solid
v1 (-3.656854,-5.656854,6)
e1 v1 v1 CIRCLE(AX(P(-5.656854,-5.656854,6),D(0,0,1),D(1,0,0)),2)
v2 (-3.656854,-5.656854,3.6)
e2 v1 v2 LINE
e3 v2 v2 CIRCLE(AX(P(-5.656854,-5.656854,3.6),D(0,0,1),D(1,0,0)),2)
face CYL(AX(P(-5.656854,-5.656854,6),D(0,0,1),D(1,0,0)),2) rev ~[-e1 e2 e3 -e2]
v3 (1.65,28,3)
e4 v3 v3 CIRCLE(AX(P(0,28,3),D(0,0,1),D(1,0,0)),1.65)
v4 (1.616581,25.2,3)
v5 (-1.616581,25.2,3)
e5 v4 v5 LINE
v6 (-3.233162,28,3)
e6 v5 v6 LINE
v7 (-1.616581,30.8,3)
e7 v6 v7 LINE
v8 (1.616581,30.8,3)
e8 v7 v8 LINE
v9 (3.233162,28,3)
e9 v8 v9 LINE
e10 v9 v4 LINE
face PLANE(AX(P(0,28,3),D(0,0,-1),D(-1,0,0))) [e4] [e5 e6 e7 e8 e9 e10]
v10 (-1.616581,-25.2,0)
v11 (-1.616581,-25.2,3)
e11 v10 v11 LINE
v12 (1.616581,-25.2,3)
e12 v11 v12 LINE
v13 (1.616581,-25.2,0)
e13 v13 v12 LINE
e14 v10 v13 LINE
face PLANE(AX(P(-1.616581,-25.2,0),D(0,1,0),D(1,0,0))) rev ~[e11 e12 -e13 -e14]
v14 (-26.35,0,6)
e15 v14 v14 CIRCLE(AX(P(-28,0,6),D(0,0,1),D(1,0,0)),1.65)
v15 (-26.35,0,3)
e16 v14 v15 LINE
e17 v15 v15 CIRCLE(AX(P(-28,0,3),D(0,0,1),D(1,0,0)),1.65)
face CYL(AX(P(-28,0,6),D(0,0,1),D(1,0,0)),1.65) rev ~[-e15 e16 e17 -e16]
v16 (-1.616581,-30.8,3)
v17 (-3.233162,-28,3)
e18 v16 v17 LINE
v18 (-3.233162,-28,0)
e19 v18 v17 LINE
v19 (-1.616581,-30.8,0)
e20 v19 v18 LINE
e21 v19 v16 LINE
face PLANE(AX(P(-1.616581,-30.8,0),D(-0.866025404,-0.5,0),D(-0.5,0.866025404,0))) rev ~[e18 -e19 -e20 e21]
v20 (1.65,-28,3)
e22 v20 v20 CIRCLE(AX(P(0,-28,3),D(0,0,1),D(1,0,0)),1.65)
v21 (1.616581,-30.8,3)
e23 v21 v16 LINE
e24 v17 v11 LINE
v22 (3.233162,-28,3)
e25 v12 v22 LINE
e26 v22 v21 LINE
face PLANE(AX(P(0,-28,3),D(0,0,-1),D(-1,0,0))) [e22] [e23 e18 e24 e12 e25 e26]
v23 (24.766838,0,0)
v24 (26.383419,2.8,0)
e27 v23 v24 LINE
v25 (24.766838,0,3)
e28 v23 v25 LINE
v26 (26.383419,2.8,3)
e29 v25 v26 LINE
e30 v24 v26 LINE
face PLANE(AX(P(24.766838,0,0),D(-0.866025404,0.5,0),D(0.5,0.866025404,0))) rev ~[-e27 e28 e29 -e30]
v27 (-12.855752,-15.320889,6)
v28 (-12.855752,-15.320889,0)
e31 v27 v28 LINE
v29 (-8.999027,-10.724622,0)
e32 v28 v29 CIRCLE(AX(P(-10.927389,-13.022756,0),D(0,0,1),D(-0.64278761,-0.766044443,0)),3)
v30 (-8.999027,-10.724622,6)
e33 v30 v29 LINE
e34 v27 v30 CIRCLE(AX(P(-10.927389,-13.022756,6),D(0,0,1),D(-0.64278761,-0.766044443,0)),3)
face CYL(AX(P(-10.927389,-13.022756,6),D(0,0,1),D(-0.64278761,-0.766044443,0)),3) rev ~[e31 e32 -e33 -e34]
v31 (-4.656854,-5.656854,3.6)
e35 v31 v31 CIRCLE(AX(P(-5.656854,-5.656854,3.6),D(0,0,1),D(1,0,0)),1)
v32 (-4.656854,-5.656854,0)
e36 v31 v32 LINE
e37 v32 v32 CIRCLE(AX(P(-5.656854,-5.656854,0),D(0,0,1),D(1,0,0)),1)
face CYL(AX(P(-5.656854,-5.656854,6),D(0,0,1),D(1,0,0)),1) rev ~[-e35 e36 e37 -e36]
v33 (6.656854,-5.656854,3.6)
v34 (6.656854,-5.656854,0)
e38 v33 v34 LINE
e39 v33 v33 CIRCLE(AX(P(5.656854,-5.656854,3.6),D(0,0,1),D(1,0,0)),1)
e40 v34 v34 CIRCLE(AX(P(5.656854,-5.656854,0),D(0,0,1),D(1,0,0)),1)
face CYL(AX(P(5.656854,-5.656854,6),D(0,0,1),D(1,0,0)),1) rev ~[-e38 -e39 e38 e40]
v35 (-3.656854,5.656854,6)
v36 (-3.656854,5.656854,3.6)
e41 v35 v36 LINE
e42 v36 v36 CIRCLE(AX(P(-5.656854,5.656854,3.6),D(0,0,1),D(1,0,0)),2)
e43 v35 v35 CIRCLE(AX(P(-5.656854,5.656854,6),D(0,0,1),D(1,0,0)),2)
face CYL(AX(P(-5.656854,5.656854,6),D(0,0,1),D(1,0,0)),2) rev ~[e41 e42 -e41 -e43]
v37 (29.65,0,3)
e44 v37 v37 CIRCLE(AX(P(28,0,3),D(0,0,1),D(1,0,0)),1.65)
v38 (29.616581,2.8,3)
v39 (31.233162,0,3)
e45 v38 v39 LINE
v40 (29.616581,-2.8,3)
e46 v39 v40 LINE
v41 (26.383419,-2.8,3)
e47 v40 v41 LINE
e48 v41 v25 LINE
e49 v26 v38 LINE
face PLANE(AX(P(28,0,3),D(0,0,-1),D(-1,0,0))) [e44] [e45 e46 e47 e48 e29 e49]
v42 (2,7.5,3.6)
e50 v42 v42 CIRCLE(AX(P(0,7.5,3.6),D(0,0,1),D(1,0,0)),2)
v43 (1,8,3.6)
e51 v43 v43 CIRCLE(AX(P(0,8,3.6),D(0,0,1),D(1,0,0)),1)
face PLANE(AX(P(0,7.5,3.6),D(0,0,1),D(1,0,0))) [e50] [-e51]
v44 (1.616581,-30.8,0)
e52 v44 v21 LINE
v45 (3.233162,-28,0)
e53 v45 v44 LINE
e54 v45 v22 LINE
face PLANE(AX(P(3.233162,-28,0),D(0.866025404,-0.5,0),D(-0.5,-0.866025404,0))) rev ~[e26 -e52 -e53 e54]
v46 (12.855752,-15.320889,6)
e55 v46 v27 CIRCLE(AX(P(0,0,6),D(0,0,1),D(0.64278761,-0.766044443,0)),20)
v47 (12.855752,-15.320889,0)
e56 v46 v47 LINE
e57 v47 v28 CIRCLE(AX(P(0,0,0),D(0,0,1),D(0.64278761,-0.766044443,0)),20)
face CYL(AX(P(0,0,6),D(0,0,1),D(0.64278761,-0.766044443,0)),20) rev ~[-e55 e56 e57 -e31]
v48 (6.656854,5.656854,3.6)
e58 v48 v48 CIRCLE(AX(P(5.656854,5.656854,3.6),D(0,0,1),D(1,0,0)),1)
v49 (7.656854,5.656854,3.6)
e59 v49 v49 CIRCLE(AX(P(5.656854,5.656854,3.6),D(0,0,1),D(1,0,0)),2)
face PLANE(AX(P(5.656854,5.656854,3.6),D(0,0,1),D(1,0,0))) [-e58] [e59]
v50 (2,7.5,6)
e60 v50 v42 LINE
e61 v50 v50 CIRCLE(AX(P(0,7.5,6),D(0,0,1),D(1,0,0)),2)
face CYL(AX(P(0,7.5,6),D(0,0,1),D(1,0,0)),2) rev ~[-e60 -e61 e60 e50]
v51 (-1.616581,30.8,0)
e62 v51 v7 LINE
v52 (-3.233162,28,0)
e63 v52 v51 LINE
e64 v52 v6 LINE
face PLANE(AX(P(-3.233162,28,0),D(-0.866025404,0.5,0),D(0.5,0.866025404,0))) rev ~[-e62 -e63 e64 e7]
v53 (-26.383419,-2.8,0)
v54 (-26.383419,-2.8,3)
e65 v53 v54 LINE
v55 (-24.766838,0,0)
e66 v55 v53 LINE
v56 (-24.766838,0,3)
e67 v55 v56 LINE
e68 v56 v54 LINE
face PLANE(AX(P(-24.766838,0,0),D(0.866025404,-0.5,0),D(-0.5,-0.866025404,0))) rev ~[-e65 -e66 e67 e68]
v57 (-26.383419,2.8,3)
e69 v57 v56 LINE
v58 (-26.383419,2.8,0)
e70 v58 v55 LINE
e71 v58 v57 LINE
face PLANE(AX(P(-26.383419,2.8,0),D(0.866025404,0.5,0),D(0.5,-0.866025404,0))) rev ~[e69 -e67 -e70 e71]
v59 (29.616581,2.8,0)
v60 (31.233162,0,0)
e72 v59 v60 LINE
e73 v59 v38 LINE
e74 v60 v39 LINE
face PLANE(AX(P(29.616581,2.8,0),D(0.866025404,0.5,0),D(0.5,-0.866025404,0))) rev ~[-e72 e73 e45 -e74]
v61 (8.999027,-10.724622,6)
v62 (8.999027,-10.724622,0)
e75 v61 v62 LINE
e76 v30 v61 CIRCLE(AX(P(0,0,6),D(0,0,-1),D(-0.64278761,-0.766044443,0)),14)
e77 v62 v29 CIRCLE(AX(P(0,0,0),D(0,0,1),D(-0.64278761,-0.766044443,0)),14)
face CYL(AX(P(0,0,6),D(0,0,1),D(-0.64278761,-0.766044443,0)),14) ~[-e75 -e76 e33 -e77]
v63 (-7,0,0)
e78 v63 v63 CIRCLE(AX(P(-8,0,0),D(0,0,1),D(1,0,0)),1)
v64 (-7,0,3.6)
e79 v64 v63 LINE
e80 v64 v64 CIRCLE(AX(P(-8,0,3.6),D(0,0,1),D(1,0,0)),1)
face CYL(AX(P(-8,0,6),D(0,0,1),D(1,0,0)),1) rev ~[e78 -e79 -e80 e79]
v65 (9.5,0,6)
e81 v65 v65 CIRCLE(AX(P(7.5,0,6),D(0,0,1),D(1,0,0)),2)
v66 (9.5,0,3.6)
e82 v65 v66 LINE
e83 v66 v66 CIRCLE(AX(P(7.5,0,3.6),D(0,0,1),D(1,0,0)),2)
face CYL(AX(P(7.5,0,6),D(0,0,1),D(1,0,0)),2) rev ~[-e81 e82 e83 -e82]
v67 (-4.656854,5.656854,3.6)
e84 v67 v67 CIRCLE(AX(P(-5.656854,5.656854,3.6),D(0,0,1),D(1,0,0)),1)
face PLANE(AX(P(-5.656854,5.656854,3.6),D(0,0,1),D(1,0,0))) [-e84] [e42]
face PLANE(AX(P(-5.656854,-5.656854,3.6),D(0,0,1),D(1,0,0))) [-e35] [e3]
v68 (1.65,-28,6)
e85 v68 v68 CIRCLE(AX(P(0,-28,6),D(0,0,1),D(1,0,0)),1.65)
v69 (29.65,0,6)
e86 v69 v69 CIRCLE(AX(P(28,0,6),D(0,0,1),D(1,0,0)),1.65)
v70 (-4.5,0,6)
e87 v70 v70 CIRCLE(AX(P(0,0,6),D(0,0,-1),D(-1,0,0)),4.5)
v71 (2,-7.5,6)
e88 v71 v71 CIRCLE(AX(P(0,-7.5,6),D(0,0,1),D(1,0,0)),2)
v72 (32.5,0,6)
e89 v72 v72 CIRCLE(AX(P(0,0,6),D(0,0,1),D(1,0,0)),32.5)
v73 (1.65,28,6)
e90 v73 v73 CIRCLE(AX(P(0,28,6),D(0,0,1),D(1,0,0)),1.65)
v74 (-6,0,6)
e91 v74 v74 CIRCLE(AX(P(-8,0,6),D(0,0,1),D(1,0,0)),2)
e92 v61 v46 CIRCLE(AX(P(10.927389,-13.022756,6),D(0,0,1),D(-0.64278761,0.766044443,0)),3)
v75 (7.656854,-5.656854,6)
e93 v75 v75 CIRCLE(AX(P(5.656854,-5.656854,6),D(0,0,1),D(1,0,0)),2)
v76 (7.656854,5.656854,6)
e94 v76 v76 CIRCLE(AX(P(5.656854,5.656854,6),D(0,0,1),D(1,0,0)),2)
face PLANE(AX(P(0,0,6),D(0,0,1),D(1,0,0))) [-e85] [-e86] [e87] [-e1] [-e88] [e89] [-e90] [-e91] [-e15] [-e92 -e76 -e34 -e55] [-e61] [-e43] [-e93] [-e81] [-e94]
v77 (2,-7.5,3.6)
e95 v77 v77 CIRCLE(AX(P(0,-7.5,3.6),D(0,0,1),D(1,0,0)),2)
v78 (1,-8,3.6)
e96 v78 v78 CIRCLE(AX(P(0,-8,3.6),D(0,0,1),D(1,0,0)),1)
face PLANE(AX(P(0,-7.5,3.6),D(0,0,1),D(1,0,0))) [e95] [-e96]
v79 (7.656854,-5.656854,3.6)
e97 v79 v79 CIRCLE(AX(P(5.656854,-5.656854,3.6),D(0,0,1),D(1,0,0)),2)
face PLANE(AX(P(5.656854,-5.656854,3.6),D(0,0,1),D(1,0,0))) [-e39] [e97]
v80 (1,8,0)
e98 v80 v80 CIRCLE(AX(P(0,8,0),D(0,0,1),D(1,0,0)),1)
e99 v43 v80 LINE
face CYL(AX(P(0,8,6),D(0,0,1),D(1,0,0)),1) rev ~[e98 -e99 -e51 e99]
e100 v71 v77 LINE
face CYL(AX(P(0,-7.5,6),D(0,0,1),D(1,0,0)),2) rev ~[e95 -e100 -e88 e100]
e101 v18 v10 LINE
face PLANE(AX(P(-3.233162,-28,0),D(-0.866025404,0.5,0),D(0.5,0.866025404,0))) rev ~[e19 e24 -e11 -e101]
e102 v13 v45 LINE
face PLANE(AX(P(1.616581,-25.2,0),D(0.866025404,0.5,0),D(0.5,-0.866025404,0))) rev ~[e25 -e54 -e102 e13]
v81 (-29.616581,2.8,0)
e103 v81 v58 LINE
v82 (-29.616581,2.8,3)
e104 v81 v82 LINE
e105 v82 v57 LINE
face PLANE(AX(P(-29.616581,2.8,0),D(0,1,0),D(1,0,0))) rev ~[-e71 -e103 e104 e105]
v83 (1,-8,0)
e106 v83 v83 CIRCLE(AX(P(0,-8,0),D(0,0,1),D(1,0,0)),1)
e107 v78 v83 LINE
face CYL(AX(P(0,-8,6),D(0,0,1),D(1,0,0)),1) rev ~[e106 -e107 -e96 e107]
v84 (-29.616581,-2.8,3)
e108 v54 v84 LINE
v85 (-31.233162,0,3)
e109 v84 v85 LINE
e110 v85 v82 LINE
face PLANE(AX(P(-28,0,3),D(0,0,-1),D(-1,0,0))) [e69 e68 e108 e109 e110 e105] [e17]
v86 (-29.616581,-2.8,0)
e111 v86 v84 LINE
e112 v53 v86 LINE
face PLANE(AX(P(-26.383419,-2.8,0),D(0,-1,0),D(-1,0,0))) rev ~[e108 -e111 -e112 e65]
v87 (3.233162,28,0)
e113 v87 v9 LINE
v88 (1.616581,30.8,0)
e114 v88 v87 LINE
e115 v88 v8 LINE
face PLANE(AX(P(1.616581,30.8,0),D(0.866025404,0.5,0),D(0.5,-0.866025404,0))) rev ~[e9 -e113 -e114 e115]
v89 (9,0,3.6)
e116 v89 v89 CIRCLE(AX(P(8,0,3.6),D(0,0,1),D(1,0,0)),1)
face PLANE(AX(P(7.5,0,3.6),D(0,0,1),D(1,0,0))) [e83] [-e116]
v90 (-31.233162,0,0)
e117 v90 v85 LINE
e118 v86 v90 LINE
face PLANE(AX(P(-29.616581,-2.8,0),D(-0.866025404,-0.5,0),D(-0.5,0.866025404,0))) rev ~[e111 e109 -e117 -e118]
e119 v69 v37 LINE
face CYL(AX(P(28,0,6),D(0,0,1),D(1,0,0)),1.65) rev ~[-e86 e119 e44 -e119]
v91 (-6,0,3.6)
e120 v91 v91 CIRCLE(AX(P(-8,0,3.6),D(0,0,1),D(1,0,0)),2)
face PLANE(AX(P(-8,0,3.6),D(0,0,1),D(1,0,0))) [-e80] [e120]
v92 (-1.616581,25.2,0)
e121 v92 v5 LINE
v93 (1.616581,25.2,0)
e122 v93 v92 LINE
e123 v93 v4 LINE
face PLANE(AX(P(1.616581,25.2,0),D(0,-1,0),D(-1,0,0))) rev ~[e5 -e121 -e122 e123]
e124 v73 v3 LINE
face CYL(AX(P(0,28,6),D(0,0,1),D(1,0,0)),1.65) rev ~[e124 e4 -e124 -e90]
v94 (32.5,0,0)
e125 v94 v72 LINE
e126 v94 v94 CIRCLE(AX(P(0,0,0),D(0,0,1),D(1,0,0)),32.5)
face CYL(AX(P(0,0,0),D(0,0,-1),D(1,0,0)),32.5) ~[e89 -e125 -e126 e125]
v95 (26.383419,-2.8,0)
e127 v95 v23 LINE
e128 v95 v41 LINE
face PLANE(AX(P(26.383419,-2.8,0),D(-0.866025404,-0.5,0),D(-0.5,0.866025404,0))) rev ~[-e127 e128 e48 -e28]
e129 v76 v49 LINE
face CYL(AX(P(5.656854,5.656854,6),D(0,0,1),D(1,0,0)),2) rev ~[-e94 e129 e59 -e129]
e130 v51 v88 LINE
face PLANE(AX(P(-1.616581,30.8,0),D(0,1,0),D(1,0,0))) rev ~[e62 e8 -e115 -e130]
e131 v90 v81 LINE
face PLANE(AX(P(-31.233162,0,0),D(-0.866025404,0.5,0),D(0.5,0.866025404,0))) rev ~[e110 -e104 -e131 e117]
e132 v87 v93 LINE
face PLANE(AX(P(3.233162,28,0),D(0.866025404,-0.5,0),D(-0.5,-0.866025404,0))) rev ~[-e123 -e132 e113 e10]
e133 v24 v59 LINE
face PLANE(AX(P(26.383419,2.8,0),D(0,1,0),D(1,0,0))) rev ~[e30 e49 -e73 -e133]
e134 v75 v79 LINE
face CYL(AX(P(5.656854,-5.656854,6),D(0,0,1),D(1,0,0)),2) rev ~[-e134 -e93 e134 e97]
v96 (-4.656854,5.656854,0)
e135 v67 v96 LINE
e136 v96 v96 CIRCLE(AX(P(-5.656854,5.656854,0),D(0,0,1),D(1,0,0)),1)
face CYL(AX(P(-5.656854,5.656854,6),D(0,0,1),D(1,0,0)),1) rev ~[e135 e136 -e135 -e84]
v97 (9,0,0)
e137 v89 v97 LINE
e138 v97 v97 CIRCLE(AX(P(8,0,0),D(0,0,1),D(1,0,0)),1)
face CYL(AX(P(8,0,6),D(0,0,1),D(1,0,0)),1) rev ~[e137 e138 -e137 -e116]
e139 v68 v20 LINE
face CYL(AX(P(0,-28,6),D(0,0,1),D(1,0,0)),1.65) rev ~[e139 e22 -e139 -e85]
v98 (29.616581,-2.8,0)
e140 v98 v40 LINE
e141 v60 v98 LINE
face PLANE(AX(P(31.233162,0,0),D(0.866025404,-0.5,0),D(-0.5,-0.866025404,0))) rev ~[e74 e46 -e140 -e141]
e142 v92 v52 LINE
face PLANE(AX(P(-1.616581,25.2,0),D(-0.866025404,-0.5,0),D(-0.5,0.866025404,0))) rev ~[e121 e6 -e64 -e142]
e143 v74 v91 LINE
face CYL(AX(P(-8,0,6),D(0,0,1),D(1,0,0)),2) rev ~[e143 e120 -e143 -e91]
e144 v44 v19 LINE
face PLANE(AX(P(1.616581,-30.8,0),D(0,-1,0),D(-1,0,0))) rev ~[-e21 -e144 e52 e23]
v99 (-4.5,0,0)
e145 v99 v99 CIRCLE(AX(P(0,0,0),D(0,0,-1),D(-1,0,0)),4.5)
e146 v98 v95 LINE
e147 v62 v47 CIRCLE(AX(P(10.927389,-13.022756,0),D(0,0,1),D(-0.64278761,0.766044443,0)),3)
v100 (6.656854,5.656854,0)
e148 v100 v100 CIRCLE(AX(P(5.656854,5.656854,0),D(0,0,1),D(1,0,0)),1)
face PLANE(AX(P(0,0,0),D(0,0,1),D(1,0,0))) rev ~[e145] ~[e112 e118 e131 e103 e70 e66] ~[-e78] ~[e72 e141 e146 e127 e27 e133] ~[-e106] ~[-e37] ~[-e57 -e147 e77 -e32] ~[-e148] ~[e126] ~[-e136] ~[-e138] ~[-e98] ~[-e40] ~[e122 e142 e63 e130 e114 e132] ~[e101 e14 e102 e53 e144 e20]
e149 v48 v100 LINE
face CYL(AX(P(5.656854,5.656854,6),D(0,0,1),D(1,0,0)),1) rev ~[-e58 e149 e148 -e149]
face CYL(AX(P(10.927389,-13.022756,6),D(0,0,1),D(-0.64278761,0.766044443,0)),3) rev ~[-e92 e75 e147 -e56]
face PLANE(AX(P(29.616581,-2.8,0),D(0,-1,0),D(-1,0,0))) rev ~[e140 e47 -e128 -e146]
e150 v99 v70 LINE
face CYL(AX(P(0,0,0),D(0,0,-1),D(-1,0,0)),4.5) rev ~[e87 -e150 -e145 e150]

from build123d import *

# Parameters (mm, degrees)
SKETCH1_R           = 32.5
BOSS_EXTRUDE1_DEPTH = 6
SKETCH16_R          = 1
CUT_EXTRUDE8_DEPTH  = 7
SKETCH17_R          = 2
CUT_EXTRUDE9_DEPTH  = 2.4
SKETCH18_R          = 4.5
CUT_EXTRUDE10_DEPTH = 7
SKETCH19_R          = 1.65
CUT_EXTRUDE11_DEPTH = 10
CUT_EXTRUDE12_DEPTH = 3
CUT_EXTRUDE13_DEPTH = 7


with BuildPart() as part:
    # Sketch1 → Boss-Extrude1 (new body)
    with BuildSketch(Plane.XY):
        Circle(SKETCH1_R)
    extrude(amount=BOSS_EXTRUDE1_DEPTH)

    # Sketch16 → Cut-Extrude8 (cut, through all)
    with BuildSketch(Plane.XY.offset(6)):
        with Locations((-8, 0)):
            Circle(SKETCH16_R)
        with Locations((-5.656854249, 5.656854249)):
            Circle(SKETCH16_R)
        with Locations((0, 8)):
            Circle(SKETCH16_R)
        with Locations((5.656854249, 5.656854249)):
            Circle(SKETCH16_R)
        with Locations((8, 0)):
            Circle(SKETCH16_R)
        with Locations((5.656854249, -5.656854249)):
            Circle(SKETCH16_R)
        with Locations((0, -8)):
            Circle(SKETCH16_R)
        with Locations((-5.656854249, -5.656854249)):
            Circle(SKETCH16_R)
    extrude(amount=-CUT_EXTRUDE8_DEPTH, mode=Mode.SUBTRACT)

    # Sketch17 → Cut-Extrude9 (cut)
    with BuildSketch(Plane.XY.offset(6)):
        with Locations((7.5, 0)):
            Circle(SKETCH17_R)
        with Locations((-8, 0)):
            Circle(SKETCH17_R)
        with Locations((0, -7.5)):
            Circle(SKETCH17_R)
        with Locations((0, 7.5)):
            Circle(SKETCH17_R)
        with Locations((-5.656854249, 5.656854249)):
            Circle(SKETCH17_R)
        with Locations((5.656854249, 5.656854249)):
            Circle(SKETCH17_R)
        with Locations((5.656854249, -5.656854249)):
            Circle(SKETCH17_R)
        with Locations((-5.656854249, -5.656854249)):
            Circle(SKETCH17_R)
    extrude(amount=-CUT_EXTRUDE9_DEPTH, mode=Mode.SUBTRACT)

    # Sketch18 → Cut-Extrude10 (cut, through all)
    with BuildSketch(Plane(origin=(0, 0, 0), x_dir=(-1, 0, 0), z_dir=(0, 0, -1))):
        Circle(SKETCH18_R)
    extrude(amount=-CUT_EXTRUDE10_DEPTH, mode=Mode.SUBTRACT)

    # Sketch19 → Cut-Extrude11 (cut)
    with BuildSketch(Plane.XY.offset(6)):
        with Locations((0, 28)):
            Circle(SKETCH19_R)
        with Locations((28, 0)):
            Circle(SKETCH19_R)
        with Locations((0, -28)):
            Circle(SKETCH19_R)
        with Locations((-28, 0)):
            Circle(SKETCH19_R)
    extrude(amount=-CUT_EXTRUDE11_DEPTH, mode=Mode.SUBTRACT)

    # Sketch20 → Cut-Extrude12 (cut)
    with BuildSketch(Plane(origin=(0, 0, 0), x_dir=(-1, 0, 0), z_dir=(0, 0, -1))):
        Polygon((1.616580754, 30.8), (-1.616580754, 30.8), (-3.233161507, 28), (-1.616580754, 25.2), (1.616580754, 25.2), (3.233161507, 28), align=None)
        Polygon((29.616580754, 2.8), (26.383419246, 2.8), (24.766838493, 0), (26.383419246, -2.8), (29.616580754, -2.8), (31.233161507, 0), align=None)
        Polygon((1.616580754, -25.2), (-1.616580754, -25.2), (-3.233161507, -28), (-1.616580754, -30.8), (1.616580754, -30.8), (3.233161507, -28), align=None)
        Polygon((-26.383419246, 2.8), (-29.616580754, 2.8), (-31.233161507, 0), (-29.616580754, -2.8), (-26.383419246, -2.8), (-24.766838493, 0), align=None)
    extrude(amount=-CUT_EXTRUDE12_DEPTH, mode=Mode.SUBTRACT)

    # Sketch21 → Cut-Extrude13 (cut, through all)
    with BuildSketch(Plane.XY.offset(6)):
        with BuildLine():
            ThreePointArc((12.855752194, -15.320888862), (0, 20), (-12.855752194, -15.320888862))
            ThreePointArc((-12.855752194, -15.320888862), (-8.629256035, -14.951118362), (-8.999026536, -10.724622204))
            ThreePointArc((-8.999026536, -10.724622204), (0, 14), (8.999026536, -10.724622204))
            ThreePointArc((8.999026536, -10.724622204), (8.629256035, -14.951118362), (12.855752194, -15.320888862))
        make_face()
    extrude(amount=-CUT_EXTRUDE13_DEPTH, mode=Mode.SUBTRACT)


solid = part.part
